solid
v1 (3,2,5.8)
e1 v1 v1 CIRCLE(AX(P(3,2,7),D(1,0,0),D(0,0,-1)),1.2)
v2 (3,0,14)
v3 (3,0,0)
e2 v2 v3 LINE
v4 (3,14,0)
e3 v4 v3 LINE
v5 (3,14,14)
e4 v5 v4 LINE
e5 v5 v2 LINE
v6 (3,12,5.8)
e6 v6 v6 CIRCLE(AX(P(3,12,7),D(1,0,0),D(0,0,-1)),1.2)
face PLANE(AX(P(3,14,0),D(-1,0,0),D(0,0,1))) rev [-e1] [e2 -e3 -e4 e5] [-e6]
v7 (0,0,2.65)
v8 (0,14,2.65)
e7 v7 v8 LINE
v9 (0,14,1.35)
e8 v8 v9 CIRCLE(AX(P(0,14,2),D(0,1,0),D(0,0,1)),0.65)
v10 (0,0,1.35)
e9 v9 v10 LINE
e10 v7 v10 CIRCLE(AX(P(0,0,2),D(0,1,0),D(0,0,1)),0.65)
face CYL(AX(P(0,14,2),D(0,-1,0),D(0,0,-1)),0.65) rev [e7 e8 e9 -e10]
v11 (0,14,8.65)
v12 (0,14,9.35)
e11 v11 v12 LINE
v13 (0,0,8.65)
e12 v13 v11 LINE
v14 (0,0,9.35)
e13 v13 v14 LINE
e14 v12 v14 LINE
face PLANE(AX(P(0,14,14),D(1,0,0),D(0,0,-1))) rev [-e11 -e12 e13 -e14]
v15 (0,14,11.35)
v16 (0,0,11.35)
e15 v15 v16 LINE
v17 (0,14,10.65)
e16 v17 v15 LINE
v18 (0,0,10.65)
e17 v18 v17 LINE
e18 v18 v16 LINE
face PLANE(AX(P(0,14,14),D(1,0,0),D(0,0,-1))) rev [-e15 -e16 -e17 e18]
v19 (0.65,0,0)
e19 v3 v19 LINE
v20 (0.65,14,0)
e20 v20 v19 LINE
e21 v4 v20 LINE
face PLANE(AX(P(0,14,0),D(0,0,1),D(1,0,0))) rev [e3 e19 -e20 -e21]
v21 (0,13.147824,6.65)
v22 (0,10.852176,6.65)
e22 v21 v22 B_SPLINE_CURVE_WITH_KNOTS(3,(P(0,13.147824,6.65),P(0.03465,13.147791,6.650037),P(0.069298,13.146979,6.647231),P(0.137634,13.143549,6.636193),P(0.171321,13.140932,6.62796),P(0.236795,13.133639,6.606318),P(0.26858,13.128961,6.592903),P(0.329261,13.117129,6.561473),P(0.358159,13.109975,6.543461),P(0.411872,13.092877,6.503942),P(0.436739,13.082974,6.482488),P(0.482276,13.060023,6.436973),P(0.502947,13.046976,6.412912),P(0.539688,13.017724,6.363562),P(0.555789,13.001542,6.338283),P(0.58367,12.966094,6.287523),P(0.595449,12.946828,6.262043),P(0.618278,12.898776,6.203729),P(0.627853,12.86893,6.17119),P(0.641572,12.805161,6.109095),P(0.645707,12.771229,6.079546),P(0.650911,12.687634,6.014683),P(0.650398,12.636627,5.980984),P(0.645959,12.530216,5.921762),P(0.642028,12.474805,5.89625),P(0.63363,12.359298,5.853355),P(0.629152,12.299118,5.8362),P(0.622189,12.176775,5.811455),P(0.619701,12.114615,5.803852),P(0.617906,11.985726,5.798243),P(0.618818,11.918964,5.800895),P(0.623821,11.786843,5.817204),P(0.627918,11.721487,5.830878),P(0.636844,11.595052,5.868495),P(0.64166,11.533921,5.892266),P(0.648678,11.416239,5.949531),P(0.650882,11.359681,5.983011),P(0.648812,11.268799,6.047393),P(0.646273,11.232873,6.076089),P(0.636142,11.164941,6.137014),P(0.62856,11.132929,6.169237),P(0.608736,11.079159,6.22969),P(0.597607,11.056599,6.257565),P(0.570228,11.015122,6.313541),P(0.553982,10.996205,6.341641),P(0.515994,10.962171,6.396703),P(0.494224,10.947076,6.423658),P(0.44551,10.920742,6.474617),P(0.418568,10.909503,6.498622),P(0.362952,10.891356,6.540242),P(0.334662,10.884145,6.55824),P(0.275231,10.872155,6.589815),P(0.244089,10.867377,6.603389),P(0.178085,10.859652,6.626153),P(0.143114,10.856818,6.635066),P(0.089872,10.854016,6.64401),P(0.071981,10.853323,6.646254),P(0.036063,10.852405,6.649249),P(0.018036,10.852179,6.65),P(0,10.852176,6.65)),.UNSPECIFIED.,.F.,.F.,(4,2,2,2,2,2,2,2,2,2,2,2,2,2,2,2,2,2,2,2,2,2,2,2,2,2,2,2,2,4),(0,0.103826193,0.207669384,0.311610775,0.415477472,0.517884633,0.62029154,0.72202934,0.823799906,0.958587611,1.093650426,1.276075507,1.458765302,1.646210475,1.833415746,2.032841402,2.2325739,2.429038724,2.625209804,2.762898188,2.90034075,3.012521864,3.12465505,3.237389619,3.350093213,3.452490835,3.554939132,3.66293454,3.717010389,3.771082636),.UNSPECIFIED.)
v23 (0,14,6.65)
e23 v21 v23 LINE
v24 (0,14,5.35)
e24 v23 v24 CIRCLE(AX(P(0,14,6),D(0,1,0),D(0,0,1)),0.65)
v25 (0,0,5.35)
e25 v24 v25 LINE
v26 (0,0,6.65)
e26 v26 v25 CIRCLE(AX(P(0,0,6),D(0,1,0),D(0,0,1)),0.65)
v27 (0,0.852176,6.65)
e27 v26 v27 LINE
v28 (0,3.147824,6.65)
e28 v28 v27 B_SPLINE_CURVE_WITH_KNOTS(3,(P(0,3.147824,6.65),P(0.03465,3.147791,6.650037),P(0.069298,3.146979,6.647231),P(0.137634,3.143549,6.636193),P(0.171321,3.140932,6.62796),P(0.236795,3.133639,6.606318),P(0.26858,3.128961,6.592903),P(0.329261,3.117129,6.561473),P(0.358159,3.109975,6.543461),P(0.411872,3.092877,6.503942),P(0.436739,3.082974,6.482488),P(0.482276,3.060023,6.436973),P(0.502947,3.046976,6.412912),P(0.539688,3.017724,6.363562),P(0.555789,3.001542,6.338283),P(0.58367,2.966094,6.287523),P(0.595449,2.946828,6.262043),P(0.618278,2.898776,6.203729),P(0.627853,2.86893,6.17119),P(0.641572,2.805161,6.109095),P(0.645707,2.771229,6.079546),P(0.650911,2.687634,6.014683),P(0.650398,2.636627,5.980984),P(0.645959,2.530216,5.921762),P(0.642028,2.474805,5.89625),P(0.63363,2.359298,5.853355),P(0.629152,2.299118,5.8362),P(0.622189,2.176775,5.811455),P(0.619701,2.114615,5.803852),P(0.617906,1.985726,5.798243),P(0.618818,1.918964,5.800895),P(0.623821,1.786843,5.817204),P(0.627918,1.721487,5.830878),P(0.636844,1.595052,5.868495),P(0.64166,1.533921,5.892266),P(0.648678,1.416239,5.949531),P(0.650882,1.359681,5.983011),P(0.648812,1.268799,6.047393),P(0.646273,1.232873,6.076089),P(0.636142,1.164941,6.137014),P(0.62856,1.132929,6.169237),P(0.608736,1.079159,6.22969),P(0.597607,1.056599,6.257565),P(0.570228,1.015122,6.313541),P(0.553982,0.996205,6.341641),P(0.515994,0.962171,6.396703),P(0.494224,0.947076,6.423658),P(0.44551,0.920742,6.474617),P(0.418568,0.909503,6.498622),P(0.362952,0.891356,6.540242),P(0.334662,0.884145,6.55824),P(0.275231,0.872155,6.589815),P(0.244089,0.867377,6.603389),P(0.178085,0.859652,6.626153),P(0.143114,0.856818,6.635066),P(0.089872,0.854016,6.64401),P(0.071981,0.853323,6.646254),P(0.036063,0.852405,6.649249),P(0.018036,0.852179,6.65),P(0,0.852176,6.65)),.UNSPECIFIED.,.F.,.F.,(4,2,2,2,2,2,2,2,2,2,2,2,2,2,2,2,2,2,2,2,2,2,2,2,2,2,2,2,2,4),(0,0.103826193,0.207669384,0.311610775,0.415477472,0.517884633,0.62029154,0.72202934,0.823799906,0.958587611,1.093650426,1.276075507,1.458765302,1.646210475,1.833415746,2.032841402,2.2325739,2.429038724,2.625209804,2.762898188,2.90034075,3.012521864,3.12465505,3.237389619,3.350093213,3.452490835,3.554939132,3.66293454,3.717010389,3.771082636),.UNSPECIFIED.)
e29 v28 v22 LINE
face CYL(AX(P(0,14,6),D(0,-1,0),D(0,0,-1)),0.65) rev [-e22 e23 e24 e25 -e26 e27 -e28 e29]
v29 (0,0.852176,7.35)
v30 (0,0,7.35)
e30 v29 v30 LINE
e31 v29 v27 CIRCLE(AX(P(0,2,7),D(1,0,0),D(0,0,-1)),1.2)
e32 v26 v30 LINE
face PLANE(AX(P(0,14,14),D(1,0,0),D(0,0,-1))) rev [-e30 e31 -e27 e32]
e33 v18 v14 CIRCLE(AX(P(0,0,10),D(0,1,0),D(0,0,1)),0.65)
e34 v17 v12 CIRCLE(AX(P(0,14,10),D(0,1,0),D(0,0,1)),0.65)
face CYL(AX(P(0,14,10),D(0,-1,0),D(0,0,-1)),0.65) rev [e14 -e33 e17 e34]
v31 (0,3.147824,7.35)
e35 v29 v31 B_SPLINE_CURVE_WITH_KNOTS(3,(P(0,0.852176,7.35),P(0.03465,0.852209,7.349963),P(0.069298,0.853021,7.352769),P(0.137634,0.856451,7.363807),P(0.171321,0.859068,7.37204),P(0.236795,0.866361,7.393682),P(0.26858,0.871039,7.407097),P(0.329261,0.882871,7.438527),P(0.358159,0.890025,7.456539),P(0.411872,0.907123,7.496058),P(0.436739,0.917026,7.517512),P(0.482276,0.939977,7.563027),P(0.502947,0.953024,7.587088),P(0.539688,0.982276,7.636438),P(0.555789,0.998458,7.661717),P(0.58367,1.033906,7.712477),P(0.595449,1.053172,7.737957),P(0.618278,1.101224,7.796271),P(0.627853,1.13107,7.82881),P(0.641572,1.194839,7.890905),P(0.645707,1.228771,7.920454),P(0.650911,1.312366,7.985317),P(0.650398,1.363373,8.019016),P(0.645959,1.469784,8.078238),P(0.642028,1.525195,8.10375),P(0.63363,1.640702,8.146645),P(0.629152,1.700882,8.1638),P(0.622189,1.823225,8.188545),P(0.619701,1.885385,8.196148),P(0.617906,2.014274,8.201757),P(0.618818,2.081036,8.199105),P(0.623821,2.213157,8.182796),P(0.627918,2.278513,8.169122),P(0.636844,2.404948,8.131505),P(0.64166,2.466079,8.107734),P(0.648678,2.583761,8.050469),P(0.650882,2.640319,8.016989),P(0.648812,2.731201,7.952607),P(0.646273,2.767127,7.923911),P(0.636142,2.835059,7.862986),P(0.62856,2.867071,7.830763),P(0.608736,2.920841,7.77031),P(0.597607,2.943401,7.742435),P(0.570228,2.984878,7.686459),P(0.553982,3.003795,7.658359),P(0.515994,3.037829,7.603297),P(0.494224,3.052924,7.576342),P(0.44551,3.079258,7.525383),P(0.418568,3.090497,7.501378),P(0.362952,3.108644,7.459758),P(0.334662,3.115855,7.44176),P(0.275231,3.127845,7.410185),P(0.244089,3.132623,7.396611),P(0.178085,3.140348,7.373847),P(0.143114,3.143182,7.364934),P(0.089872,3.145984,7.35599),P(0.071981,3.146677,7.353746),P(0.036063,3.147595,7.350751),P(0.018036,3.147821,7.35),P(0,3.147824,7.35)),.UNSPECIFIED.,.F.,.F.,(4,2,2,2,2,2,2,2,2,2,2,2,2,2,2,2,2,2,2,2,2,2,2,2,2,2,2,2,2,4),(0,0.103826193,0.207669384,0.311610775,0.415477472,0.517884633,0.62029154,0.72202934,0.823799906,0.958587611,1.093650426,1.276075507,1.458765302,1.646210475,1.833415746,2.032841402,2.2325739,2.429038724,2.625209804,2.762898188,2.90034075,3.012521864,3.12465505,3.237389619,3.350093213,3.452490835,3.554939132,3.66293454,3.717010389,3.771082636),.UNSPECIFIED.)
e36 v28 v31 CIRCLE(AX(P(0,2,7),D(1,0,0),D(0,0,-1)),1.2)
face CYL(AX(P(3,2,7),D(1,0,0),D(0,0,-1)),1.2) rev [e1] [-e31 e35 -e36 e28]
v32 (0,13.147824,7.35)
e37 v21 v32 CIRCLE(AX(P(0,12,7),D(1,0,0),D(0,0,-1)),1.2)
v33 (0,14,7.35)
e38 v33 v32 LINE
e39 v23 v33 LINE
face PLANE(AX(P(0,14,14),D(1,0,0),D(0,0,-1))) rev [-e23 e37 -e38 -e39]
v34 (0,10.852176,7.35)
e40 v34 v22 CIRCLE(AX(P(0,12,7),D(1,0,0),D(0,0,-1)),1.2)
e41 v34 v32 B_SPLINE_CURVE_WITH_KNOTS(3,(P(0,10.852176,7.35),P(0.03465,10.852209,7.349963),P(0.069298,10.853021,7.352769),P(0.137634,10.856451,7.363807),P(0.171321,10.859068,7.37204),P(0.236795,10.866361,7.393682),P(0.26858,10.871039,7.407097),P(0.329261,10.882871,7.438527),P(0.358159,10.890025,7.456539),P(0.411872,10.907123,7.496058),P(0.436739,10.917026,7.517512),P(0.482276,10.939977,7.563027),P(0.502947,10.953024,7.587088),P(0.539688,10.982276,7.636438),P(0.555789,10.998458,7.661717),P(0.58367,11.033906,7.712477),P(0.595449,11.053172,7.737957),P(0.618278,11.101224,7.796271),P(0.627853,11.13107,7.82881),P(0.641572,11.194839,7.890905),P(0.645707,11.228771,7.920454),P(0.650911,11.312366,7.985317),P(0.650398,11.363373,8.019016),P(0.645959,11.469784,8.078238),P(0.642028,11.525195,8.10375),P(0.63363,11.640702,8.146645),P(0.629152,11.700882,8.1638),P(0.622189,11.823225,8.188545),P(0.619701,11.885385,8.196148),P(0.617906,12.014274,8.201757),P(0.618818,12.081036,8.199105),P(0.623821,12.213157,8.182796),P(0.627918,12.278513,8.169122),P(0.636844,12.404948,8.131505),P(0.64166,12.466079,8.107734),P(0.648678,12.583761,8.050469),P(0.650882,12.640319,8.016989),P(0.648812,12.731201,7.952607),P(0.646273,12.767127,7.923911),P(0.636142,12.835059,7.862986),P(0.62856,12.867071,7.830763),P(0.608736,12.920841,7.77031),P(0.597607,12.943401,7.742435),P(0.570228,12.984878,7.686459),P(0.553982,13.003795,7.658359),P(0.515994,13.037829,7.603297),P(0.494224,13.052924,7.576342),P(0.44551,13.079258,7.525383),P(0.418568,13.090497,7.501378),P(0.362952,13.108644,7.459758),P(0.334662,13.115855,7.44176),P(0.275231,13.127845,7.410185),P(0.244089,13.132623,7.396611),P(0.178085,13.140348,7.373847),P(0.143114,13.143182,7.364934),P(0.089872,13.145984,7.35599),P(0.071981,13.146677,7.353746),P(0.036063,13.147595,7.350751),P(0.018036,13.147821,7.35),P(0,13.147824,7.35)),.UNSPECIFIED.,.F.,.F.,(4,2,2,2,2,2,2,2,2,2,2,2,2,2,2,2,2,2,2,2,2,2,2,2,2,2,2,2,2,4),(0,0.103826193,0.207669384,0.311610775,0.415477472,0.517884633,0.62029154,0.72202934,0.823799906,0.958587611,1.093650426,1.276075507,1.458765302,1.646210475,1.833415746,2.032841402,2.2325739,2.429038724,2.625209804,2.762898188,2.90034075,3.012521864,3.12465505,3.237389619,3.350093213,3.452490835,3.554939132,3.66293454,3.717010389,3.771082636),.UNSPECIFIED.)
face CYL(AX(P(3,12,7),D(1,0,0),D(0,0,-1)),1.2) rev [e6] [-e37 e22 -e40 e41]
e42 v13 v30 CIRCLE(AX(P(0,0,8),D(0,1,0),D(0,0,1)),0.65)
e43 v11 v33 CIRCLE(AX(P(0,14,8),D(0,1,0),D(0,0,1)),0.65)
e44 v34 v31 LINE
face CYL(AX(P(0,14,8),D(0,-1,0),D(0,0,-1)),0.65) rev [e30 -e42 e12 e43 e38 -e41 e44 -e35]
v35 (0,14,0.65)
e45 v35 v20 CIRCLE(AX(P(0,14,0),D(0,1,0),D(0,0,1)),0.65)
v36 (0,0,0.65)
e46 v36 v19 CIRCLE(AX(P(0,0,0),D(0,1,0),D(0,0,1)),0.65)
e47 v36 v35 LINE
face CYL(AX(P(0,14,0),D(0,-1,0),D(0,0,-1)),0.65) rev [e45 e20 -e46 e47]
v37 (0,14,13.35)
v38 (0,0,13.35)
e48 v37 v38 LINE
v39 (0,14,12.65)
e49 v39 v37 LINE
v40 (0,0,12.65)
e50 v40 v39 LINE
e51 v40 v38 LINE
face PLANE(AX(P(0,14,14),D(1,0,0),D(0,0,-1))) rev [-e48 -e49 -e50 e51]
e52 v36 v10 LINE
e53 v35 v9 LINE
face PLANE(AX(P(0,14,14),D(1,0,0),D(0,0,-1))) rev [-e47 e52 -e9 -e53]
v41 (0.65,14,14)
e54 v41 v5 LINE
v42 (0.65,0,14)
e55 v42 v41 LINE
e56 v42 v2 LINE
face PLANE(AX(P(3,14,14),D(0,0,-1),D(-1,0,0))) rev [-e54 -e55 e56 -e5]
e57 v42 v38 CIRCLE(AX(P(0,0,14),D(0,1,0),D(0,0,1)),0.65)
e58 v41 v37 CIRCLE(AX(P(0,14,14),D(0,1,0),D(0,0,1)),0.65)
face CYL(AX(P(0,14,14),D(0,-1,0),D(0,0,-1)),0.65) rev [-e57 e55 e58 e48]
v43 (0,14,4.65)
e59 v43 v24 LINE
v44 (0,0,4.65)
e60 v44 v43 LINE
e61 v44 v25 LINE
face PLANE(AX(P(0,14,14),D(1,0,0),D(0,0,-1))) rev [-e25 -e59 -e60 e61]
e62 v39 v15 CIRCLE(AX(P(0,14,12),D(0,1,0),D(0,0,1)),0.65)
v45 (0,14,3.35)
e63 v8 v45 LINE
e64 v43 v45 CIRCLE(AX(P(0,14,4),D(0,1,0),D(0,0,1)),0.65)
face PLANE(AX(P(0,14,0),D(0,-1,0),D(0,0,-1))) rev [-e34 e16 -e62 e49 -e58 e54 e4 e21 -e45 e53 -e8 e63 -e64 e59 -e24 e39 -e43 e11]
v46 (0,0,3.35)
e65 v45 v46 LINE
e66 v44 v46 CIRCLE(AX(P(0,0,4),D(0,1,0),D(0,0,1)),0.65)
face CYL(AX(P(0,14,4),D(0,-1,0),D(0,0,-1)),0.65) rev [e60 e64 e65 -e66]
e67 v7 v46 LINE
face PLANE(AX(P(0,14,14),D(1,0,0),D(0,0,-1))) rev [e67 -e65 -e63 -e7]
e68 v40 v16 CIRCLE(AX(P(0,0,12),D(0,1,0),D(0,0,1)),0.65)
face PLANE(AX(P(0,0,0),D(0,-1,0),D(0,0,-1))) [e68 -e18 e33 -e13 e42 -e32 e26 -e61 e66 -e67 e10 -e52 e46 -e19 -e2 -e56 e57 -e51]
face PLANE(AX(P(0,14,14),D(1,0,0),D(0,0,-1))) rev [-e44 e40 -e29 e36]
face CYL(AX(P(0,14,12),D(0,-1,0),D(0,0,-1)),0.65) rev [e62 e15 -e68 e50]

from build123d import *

# Parameters (mm, degrees)
SKETCH1_W            = 3
SKETCH1_H            = 14
BOSS_EXTRUDE1_DEPTH  = 14
SKETCH2_R            = 0.65
CUT_EXTRUDE1_DEPTH   = 21.024984395
M2_CLEARANCE_HOLE1_D = 2.4


with BuildPart() as part:
    # Sketch1 → Boss-Extrude1 (new body)
    with BuildSketch(Plane(origin=(0, 0, 0), x_dir=(1, 0, 0), z_dir=(0, 1, 0))):
        with Locations((1.5, -7)):
            Rectangle(SKETCH1_W, SKETCH1_H)
    extrude(amount=BOSS_EXTRUDE1_DEPTH)

    # Sketch2 → Cut-Extrude1 (cut, through all)
    with BuildSketch(Plane(origin=(0, 0, 0), x_dir=(1, 0, 0), z_dir=(0, 1, 0))):
        Circle(SKETCH2_R)
        with Locations((0, -2)):
            Circle(SKETCH2_R)
        with Locations((0, -4)):
            Circle(SKETCH2_R)
        with Locations((0, -6)):
            Circle(SKETCH2_R)
        with Locations((0, -8)):
            Circle(SKETCH2_R)
        with Locations((0, -10)):
            Circle(SKETCH2_R)
        with Locations((0, -12)):
            Circle(SKETCH2_R)
        with Locations((0, -14)):
            Circle(SKETCH2_R)
    extrude(amount=CUT_EXTRUDE1_DEPTH, mode=Mode.SUBTRACT)

    # M2 Clearance Hole1 (through all)
    with Locations(Plane(origin=(3, 0, 0), x_dir=(0, 0, -1), z_dir=(1, 0, 0))):
        with Locations((-7, 12), (-7, 2)):
            Hole(M2_CLEARANCE_HOLE1_D / 2)


solid = part.part
